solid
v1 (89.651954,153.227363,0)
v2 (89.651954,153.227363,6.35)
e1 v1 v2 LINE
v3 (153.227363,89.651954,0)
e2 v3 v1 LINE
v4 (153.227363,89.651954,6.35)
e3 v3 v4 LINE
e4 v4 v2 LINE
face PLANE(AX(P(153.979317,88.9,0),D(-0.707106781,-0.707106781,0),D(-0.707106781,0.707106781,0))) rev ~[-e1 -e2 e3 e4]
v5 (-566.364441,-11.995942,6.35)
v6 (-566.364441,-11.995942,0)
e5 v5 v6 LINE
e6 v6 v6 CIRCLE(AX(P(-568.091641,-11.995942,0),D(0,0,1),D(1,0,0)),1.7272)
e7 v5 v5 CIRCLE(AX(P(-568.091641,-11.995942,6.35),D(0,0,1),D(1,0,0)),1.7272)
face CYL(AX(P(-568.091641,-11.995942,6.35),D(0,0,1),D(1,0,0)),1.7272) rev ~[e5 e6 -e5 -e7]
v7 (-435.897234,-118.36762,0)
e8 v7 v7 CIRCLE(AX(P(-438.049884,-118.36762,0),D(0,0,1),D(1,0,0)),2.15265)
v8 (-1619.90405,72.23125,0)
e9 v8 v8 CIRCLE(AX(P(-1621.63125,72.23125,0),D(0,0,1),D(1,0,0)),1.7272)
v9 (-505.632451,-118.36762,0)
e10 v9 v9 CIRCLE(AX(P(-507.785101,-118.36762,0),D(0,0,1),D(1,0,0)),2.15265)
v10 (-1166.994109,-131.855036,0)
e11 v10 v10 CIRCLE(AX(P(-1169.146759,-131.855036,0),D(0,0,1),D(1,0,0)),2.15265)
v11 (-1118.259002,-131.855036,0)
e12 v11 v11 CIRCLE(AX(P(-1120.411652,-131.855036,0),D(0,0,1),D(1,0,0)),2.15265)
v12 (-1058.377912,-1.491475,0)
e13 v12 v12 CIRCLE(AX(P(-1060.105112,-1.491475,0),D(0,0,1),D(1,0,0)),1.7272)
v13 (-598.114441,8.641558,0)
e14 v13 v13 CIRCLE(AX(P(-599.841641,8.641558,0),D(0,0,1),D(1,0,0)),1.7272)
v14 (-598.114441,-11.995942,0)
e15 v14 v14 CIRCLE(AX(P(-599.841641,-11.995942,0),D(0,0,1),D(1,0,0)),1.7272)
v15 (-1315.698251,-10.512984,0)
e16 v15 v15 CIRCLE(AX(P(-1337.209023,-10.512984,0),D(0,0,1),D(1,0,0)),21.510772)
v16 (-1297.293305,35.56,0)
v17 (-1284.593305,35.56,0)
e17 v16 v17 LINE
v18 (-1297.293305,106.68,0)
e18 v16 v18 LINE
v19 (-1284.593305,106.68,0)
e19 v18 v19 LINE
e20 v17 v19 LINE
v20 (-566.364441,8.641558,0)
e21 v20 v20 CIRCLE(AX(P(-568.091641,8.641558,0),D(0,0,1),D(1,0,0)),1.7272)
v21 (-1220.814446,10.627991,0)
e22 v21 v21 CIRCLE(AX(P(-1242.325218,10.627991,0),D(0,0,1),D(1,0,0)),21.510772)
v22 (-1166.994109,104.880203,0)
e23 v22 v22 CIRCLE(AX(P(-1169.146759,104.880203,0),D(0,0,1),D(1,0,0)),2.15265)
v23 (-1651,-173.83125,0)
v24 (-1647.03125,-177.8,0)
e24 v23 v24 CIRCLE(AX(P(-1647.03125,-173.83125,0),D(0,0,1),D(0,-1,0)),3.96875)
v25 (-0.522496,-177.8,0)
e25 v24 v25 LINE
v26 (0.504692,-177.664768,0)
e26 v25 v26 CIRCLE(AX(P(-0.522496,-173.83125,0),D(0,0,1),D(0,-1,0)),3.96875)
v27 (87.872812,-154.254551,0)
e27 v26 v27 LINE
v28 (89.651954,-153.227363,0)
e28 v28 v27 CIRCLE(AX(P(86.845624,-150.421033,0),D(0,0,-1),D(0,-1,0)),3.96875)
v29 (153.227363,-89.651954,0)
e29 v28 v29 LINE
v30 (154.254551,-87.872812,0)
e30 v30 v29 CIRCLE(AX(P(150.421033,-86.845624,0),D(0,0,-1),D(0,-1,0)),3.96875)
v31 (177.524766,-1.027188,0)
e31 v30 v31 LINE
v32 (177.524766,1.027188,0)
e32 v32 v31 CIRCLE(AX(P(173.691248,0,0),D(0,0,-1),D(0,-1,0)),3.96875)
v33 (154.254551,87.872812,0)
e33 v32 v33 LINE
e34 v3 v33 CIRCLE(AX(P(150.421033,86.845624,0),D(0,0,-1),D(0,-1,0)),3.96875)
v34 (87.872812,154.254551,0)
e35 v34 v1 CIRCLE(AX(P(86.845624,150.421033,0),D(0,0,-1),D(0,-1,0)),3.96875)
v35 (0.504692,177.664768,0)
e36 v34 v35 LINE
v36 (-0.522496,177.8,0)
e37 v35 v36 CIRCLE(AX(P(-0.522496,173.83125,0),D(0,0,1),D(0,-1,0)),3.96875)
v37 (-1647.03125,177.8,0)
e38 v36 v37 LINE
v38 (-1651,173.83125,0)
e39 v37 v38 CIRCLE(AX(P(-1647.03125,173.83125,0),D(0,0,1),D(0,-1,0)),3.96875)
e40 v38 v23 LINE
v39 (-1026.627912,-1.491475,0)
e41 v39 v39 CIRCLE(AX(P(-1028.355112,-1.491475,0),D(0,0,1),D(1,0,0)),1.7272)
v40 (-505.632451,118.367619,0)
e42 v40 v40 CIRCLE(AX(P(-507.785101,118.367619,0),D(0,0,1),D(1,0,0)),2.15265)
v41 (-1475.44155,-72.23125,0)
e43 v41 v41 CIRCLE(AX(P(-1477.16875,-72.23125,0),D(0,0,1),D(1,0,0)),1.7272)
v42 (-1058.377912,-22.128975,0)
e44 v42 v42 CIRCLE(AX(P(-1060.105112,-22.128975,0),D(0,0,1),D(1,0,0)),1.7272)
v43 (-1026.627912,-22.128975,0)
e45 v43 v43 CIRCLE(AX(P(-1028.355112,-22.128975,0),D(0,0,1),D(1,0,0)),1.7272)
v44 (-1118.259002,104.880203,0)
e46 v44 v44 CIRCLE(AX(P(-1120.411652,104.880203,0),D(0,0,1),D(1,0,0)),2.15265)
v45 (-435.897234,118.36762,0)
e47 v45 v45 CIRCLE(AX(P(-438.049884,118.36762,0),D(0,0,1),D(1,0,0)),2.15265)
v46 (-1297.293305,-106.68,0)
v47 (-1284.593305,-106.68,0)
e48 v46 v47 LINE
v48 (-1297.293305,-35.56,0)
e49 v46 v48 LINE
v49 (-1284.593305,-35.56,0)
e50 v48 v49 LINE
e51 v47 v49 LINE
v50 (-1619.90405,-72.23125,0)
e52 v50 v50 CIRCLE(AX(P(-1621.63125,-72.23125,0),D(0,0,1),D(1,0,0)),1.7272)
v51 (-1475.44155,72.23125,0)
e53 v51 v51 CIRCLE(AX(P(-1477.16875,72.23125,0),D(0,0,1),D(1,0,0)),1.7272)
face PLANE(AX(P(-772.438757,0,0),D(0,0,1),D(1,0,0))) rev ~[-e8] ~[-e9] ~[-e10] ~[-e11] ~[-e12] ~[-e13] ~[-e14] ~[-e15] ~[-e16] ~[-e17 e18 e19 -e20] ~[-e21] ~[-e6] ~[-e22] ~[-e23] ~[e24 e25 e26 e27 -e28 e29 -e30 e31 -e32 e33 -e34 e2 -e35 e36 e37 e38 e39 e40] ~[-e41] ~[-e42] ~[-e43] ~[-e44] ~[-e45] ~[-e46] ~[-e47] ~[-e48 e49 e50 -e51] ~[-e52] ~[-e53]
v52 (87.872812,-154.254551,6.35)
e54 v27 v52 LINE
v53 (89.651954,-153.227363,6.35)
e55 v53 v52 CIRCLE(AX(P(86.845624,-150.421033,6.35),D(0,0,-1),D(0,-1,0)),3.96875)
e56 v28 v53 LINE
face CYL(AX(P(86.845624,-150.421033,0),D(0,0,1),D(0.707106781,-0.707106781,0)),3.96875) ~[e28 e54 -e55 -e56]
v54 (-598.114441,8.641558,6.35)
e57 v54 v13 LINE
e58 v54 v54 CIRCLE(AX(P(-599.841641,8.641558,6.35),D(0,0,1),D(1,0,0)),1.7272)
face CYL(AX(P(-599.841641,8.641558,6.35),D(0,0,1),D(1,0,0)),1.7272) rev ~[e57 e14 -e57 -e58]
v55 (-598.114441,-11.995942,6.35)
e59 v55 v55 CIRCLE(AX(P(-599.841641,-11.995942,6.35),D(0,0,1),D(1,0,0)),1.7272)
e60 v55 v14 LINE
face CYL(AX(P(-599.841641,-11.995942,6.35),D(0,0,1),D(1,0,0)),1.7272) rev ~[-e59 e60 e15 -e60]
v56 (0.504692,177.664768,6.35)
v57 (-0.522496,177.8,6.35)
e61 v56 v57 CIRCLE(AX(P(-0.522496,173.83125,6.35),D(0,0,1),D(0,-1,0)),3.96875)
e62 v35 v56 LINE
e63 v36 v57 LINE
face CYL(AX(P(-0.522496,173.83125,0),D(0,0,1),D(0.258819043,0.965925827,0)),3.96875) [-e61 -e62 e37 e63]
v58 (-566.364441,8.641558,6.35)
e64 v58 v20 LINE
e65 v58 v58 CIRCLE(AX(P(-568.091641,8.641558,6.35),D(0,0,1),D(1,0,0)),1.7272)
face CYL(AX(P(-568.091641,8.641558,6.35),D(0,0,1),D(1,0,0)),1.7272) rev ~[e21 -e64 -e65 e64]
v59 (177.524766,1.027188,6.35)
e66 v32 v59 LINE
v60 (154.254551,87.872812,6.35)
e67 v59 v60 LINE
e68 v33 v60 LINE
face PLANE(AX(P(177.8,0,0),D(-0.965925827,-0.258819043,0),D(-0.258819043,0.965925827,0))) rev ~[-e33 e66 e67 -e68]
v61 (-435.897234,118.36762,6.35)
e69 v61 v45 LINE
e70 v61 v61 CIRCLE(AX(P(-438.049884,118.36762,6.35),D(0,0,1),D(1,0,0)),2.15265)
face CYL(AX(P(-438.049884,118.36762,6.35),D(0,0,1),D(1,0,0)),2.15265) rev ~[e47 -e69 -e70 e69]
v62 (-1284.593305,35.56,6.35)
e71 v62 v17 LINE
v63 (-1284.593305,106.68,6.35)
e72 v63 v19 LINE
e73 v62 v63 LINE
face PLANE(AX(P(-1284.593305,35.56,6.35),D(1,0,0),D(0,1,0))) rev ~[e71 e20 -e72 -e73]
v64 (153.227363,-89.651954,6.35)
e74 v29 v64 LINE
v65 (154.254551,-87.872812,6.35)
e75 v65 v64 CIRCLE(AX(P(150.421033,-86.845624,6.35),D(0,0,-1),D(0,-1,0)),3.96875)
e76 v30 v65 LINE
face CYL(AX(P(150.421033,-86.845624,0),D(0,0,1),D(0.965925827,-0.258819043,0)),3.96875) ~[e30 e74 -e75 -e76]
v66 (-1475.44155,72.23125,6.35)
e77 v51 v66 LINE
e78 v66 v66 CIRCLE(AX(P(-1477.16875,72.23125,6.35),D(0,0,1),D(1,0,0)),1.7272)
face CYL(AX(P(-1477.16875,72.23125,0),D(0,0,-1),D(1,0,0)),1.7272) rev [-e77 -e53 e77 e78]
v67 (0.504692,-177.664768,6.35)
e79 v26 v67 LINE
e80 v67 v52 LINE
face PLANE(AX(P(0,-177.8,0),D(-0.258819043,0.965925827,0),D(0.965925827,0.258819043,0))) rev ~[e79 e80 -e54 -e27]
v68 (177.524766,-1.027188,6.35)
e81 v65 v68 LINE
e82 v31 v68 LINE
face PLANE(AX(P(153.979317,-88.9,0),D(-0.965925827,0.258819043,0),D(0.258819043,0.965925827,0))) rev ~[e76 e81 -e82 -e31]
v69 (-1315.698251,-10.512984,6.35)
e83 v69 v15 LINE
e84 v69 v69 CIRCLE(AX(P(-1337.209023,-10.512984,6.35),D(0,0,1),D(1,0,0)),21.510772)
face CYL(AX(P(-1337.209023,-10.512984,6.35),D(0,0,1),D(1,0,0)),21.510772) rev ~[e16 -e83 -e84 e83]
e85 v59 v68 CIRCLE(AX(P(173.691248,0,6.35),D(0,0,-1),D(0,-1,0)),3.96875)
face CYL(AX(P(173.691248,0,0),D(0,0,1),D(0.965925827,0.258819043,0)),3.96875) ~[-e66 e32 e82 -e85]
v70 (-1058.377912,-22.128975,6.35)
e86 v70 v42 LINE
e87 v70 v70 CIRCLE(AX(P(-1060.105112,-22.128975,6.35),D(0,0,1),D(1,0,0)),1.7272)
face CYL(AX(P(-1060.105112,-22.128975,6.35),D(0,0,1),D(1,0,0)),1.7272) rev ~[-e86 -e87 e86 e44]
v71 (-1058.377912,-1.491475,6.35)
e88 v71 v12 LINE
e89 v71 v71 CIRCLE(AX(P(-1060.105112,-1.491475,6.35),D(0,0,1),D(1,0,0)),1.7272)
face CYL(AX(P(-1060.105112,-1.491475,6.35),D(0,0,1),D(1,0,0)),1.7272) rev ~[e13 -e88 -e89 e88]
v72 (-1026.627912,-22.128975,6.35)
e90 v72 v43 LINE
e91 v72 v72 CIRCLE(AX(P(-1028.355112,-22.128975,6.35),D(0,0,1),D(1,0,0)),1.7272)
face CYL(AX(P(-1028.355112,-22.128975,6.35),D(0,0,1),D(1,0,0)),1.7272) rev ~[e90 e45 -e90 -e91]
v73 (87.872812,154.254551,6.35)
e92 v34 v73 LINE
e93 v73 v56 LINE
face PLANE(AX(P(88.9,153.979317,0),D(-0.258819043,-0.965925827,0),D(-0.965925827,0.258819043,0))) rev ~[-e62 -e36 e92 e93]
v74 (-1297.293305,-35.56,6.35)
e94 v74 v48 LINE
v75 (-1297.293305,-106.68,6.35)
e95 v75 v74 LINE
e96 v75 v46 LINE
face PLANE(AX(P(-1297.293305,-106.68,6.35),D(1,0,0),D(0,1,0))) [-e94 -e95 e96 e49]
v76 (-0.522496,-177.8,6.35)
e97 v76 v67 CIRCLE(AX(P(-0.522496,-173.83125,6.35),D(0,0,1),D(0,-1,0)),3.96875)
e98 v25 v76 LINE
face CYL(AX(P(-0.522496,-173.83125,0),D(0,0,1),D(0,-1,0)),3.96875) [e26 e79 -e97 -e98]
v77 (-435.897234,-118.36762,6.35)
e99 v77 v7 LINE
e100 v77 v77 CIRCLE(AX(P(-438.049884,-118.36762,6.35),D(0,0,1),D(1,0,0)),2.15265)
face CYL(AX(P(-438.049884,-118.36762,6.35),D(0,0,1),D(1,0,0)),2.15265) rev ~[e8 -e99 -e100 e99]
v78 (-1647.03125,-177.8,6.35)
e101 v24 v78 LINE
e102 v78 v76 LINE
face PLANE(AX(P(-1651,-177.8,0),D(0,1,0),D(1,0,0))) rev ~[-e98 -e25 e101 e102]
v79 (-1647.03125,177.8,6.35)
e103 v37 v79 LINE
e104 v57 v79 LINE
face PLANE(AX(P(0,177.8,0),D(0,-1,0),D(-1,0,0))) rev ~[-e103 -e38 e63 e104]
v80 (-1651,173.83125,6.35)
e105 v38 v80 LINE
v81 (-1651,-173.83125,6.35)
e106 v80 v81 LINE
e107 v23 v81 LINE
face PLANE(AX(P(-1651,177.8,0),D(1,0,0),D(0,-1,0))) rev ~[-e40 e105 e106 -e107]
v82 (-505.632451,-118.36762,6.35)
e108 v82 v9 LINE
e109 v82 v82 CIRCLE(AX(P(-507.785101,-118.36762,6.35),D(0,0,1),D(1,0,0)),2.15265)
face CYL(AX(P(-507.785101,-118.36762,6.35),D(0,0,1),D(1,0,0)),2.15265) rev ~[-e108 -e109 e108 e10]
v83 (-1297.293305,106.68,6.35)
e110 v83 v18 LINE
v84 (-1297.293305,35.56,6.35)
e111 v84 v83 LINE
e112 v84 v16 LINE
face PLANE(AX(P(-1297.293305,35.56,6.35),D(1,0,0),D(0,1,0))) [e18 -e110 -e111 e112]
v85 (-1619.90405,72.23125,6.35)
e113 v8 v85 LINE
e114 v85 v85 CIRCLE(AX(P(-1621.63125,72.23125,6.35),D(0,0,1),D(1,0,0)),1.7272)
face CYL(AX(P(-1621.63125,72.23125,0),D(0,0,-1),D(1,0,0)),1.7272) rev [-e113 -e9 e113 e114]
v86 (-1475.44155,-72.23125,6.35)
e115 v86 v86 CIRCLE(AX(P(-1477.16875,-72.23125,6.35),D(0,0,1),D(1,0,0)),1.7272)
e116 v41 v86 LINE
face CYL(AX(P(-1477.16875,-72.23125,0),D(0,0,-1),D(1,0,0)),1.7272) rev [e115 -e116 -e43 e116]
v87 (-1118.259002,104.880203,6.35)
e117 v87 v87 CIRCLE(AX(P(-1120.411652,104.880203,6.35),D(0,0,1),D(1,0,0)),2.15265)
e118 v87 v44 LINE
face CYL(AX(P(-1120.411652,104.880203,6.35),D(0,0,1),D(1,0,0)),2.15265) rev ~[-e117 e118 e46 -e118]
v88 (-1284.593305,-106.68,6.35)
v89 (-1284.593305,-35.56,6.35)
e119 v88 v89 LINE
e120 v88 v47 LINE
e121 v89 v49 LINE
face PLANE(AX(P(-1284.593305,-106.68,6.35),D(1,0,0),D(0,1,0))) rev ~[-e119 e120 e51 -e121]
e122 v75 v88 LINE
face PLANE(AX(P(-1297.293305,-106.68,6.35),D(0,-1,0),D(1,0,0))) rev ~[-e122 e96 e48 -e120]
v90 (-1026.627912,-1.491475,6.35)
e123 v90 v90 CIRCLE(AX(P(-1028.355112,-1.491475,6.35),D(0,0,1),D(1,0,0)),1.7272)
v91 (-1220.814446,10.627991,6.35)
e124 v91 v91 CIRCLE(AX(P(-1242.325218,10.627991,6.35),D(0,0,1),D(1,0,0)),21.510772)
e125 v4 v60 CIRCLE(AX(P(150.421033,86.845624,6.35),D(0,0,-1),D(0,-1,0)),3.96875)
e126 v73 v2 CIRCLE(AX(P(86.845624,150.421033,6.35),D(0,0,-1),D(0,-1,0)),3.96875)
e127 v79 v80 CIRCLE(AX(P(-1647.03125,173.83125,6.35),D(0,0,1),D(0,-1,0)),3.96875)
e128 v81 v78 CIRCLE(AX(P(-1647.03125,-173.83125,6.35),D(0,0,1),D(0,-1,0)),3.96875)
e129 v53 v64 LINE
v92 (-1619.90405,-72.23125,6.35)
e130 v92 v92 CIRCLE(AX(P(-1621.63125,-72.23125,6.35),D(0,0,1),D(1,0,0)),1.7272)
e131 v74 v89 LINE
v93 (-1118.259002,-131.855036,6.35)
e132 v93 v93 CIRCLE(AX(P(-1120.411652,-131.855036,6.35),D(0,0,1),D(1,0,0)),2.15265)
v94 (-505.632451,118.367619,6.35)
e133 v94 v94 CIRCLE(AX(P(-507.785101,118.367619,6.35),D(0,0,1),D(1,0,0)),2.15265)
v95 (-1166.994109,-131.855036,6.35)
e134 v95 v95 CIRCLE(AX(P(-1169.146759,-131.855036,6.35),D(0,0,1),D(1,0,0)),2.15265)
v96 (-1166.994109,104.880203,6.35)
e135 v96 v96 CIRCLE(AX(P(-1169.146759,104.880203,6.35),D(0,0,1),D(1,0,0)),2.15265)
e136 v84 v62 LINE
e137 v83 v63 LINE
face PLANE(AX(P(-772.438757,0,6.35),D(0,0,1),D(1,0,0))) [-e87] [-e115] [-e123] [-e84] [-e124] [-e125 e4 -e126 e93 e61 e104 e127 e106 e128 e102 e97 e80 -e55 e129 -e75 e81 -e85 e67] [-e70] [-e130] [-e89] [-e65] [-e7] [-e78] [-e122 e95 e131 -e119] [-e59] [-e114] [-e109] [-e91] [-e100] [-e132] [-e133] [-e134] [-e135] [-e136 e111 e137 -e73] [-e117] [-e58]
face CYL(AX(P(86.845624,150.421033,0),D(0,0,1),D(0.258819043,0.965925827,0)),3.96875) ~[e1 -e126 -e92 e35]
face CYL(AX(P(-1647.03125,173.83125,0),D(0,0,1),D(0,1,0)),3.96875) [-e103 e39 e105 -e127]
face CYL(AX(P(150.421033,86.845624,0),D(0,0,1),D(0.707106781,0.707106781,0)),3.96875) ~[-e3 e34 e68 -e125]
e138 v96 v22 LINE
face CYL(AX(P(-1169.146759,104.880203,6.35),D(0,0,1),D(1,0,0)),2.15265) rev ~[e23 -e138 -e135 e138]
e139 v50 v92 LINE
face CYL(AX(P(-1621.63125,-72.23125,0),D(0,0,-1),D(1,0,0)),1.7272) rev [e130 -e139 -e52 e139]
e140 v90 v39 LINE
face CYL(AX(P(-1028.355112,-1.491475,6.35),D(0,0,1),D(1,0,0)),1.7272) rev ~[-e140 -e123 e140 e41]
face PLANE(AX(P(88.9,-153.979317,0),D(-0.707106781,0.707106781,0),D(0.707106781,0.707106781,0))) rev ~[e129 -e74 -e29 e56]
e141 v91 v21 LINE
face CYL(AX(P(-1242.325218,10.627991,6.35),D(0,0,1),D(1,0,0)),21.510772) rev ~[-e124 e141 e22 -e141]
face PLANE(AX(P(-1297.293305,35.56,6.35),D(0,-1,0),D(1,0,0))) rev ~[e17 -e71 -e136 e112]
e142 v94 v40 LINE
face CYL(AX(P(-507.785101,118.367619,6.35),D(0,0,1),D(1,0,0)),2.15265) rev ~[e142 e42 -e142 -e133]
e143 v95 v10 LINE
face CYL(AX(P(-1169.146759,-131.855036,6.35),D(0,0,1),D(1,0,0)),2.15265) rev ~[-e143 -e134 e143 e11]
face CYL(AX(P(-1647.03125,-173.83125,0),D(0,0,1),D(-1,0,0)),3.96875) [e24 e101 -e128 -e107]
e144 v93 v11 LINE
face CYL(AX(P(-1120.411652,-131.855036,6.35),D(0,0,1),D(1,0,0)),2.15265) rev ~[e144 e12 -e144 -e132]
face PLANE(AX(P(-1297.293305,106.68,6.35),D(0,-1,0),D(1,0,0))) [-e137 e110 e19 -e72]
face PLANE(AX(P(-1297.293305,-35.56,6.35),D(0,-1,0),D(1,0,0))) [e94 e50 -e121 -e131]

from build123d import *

# Parameters (mm, degrees)
F0_R     = 1.7272
F1_DEPTH = 6.35
F2_R     = 1.7272
F2_R_2   = 2.15265
F2_W     = 12.7
F2_H     = 71.12
F2_R_3   = 21.510772
F3_DEPTH = 6.35
F4_R     = 3.96875


with BuildPart() as f1:
    # F0 (on Top) → F1 (new body)
    with BuildSketch(Plane.XY):
        Polygon((88.9, 153.979317), (0, 177.8), (-1651, 177.8), (-1651, -177.8), (0, -177.8), (88.9, -153.979317), (153.979317, -88.9), (177.8, 0), (153.979317, 88.9), align=None)
        with Locations((-1621.63125, -72.23125)):
            Circle(F0_R, mode=Mode.SUBTRACT)
        with Locations((-1477.16875, -72.23125)):
            Circle(F0_R, mode=Mode.SUBTRACT)
        with Locations((-1621.63125, 72.23125)):
            Circle(F0_R, mode=Mode.SUBTRACT)
        with Locations((-1477.16875, 72.23125)):
            Circle(F0_R, mode=Mode.SUBTRACT)
    extrude(amount=F1_DEPTH)

    # F2 (on face) → F3 (cut, through all)
    with BuildSketch(Plane.XY.offset(6.35)):
        with Locations((-568.091641, -11.995942)):
            Circle(F2_R)
        with Locations((-599.841641, -11.995942)):
            Circle(F2_R)
        with Locations((-599.841641, 8.641558)):
            Circle(F2_R)
        with Locations((-568.091641, 8.641558)):
            Circle(F2_R)
        with Locations((-1028.355112, -1.491475)):
            Circle(F2_R)
        with Locations((-1028.355112, -22.128975)):
            Circle(F2_R)
        with Locations((-1060.105112, -22.128975)):
            Circle(F2_R)
        with Locations((-1060.105112, -1.491475)):
            Circle(F2_R)
        with Locations((-438.049884, 118.36762)):
            Circle(F2_R_2)
        with Locations((-507.785101, 118.367619)):
            Circle(F2_R_2)
        with Locations((-507.785101, -118.36762)):
            Circle(F2_R_2)
        with Locations((-438.049884, -118.36762)):
            Circle(F2_R_2)
        with Locations((-1169.146759, -131.855036)):
            Circle(F2_R_2)
        with Locations((-1120.411652, -131.855036)):
            Circle(F2_R_2)
        with Locations((-1169.146759, 104.880203)):
            Circle(F2_R_2)
        with Locations((-1120.411652, 104.880203)):
            Circle(F2_R_2)
        with Locations((-1290.943305, 71.12)):
            Rectangle(F2_W, F2_H)
        with Locations((-1290.943305, -71.12)):
            Rectangle(F2_W, F2_H)
        with Locations((-1337.209023, -10.512984)):
            Circle(F2_R_3)
        with Locations((-1242.325218, 10.627991)):
            Circle(F2_R_3)
    extrude(amount=-F3_DEPTH, mode=Mode.SUBTRACT)

    # F4
    f4_edges = [f1.edges().sort_by_distance(p)[0] for p in [
        (0, -177.8, 3.175),
        (88.9, -153.979317, 3.175),
        (153.979317, -88.9, 3.175),
        (177.8, 0, 3.175),
        (153.979317, 88.9, 3.175),
        (88.9, 153.979317, 3.175),
        (0, 177.8, 3.175),
        (-1651, 177.8, 3.175),
        (-1651, -177.8, 3.175),
    ]]
    fillet(f4_edges, radius=F4_R)


solid = f1.part
